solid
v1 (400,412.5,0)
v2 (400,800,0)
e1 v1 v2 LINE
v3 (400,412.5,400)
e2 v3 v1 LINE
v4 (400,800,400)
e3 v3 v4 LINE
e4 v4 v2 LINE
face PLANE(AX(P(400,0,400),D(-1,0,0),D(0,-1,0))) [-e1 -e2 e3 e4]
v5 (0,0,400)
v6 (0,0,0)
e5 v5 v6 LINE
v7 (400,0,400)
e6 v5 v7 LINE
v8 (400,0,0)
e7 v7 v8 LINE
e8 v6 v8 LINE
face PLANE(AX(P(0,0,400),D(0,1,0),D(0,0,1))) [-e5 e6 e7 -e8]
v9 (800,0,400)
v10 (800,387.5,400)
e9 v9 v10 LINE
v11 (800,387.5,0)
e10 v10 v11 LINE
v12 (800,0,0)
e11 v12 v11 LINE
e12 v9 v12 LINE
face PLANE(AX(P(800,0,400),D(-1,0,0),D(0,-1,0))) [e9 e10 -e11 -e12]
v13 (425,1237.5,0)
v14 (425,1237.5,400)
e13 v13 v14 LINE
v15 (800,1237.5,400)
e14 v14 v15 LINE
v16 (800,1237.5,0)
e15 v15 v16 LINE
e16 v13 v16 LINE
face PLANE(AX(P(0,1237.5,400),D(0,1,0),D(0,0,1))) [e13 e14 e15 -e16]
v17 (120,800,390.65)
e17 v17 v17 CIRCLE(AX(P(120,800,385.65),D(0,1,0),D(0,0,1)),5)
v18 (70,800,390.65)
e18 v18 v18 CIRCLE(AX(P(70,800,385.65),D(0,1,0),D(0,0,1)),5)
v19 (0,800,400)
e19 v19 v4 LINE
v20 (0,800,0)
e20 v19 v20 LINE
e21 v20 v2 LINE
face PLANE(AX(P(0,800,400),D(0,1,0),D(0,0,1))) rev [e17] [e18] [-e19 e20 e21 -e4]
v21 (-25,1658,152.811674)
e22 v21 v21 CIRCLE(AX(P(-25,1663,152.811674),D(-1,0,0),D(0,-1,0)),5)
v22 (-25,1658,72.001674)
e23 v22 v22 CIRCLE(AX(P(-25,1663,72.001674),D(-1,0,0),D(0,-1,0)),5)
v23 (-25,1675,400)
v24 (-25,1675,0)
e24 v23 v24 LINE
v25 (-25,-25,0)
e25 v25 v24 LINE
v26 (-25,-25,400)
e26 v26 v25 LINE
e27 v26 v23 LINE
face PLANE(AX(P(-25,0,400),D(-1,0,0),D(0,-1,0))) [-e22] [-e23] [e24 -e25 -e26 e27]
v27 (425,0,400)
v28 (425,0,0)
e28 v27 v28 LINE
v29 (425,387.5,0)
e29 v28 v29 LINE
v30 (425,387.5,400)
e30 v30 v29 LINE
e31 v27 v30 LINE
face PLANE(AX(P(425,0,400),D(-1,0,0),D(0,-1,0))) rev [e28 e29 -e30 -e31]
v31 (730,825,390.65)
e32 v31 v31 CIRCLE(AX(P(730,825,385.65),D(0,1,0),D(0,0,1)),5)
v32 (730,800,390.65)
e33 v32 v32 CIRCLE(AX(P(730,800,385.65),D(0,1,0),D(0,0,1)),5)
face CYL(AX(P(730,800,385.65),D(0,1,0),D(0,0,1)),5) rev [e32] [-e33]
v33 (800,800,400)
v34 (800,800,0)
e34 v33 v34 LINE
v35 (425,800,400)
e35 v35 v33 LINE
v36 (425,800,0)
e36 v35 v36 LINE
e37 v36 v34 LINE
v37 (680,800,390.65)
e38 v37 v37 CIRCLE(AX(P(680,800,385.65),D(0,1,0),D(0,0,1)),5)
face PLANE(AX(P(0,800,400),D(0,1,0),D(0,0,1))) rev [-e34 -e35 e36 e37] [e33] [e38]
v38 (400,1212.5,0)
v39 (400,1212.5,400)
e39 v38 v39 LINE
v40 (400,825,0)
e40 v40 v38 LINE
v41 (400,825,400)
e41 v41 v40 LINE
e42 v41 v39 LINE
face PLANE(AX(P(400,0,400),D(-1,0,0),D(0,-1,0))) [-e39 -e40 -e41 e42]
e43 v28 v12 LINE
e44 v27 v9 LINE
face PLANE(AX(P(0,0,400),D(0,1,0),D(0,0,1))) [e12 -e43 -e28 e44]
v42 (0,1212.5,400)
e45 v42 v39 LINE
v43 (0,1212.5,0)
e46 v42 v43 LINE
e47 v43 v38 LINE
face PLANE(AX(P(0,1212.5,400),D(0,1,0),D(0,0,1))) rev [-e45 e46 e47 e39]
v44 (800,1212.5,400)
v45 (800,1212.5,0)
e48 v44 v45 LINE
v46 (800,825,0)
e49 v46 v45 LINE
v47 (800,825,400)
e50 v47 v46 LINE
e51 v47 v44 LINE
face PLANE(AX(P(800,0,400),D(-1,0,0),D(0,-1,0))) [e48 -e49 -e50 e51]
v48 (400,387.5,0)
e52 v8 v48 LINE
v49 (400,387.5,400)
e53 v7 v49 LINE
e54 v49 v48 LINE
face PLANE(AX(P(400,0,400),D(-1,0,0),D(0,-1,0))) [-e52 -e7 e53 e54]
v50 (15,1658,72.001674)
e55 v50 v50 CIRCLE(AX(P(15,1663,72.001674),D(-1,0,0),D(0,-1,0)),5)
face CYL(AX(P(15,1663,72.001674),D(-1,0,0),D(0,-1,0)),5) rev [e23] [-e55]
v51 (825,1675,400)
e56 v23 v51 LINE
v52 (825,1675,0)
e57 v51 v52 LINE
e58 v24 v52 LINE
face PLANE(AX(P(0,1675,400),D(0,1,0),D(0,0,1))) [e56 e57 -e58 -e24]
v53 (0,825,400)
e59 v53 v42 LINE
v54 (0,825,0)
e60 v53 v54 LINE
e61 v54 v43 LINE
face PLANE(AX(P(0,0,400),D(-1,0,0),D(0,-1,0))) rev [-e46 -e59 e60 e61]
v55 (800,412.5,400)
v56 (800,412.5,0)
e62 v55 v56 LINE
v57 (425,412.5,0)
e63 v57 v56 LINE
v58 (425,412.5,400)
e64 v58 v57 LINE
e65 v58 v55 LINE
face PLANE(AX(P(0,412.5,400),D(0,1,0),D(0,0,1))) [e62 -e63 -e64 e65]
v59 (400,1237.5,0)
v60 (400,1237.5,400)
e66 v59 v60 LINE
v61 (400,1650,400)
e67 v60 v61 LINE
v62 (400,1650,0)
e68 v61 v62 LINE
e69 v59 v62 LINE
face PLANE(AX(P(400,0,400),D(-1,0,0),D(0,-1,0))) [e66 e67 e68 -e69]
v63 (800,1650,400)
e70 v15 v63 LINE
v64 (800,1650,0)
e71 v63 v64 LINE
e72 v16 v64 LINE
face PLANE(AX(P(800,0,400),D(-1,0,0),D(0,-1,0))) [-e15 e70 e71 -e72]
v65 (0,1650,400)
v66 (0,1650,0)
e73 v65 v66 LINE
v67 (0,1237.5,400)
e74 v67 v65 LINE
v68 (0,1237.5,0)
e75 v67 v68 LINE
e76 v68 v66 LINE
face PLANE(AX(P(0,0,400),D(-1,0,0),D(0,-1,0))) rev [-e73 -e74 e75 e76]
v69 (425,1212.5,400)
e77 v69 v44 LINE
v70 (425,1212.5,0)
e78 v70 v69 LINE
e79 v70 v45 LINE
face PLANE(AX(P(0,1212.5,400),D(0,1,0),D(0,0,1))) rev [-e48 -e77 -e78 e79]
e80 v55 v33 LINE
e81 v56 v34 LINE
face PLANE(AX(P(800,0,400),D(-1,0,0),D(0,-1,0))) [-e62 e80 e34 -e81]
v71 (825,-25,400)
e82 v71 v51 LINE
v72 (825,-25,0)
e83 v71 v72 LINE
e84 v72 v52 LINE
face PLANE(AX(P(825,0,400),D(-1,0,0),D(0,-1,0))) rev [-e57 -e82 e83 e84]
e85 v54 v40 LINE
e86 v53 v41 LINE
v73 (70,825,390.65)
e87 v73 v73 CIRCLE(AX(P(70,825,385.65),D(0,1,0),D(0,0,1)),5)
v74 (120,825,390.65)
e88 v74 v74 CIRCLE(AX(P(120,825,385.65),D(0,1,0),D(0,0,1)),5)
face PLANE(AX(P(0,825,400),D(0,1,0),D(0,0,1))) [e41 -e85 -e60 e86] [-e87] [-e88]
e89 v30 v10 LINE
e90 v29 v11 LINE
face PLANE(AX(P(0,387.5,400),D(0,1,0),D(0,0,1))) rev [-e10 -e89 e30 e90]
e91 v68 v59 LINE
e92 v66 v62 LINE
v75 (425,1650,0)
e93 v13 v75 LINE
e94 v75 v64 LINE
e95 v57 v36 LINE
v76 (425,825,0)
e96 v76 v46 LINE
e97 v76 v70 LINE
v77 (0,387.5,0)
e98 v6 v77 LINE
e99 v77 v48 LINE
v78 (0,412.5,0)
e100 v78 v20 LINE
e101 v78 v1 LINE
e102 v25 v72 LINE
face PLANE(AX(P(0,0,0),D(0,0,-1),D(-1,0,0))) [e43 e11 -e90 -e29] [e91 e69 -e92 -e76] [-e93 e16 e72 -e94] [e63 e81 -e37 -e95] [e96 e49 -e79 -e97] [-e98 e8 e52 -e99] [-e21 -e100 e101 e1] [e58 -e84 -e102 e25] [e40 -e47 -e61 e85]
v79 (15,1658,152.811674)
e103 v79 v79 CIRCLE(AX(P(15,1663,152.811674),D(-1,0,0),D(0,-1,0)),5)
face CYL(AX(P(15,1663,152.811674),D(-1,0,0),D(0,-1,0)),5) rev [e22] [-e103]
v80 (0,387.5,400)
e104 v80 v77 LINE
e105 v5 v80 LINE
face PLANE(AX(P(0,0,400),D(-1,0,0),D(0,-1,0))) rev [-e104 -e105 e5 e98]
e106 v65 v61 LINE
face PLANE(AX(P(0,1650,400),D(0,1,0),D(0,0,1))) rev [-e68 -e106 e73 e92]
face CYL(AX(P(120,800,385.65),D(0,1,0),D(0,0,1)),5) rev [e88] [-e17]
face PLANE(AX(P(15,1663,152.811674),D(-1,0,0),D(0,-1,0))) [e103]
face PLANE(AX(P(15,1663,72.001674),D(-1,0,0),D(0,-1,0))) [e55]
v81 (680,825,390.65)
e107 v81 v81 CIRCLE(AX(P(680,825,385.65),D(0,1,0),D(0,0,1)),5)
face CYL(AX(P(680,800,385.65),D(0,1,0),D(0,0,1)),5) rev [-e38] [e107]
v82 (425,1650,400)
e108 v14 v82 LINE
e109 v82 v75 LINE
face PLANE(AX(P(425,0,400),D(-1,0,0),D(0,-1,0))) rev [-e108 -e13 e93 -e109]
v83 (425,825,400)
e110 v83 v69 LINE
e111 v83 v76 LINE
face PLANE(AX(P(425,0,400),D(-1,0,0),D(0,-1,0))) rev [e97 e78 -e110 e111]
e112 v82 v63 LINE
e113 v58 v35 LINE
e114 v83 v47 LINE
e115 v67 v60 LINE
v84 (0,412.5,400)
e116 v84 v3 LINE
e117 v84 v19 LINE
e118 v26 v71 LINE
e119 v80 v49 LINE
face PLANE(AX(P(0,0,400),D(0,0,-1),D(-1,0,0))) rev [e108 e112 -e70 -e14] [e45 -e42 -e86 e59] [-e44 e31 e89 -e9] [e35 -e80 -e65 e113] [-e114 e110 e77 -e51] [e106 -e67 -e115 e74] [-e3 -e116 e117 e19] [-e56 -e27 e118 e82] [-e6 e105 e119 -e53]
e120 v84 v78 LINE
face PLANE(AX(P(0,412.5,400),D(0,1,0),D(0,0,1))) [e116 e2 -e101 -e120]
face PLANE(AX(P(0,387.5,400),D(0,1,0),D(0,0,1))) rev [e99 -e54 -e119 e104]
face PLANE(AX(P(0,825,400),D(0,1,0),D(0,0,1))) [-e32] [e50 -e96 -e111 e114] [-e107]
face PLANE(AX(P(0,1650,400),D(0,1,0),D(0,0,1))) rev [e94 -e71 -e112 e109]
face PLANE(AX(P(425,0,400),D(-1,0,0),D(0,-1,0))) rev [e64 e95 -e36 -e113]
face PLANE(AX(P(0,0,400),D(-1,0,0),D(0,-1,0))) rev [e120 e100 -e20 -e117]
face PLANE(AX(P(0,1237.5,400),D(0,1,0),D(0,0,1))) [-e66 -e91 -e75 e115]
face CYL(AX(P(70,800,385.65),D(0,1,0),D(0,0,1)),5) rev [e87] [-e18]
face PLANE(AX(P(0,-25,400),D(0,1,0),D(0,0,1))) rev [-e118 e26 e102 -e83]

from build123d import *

# Parameters (mm, degrees)
SZKIC1_W                          = 850
SZKIC1_H                          = 1700
SZKIC1_W_2                        = 800
SZKIC1_H_2                        = 1650
SZKIC1_H_3                        = 25
SZKIC1_W_3                        = 25
WYCI_GNI_CIE_CIENKA_CIANKA1_DEPTH = 400
SZKIC2_R                          = 5
WYTNIJ_WYCI_GNI_CIE1_DEPTH        = 25
SZKIC4_R                          = 5
WYTNIJ_WYCI_GNI_CIE2_DEPTH        = 25
SZKIC6_R                          = 5
WYTNIJ_WYCI_GNI_CIE3_DEPTH        = 40


with BuildPart() as part:
    # Szkic1 → Wyciągnięcie-cienka ścianka1 (new body)
    # profile 1 of 5: a face of its own
    with BuildSketch(Plane.XY):
        with Locations((400, 825)):
            Rectangle(SZKIC1_W, SZKIC1_H)
        with Locations((400, 825)):
            Rectangle(SZKIC1_W_2, SZKIC1_H_2, mode=Mode.SUBTRACT)
    # profile 2 of 5: a face of its own
    with BuildSketch(Plane.XY):
        with Locations((400, 400)):
            Rectangle(SZKIC1_W_2, SZKIC1_H_3)
    # profile 3 of 5: a face of its own
    with BuildSketch(Plane.XY):
        with Locations((412.5, 825)):
            Rectangle(SZKIC1_W_3, SZKIC1_H_2)
    # profile 4 of 5: a face of its own
    with BuildSketch(Plane.XY):
        with Locations((400, 812.5)):
            Rectangle(SZKIC1_W_2, SZKIC1_H_3)
    # profile 5 of 5: a face of its own
    with BuildSketch(Plane.XY):
        with Locations((400, 1225)):
            Rectangle(SZKIC1_W_2, SZKIC1_H_3)
    extrude(amount=WYCI_GNI_CIE_CIENKA_CIANKA1_DEPTH)

    # Szkic2 → Wytnij-wyciągnięcie1 (cut)
    with BuildSketch(Plane(origin=(0, 825, 0), x_dir=(1, 0, 0), z_dir=(0, 1, 0))):
        with Locations(Location((70, -385.65, 0), (0, 0, 270))):
            Circle(SZKIC2_R)
        with Locations(Location((120, -385.65, 0), (0, 0, 270))):
            Circle(SZKIC2_R)
    extrude(amount=-WYTNIJ_WYCI_GNI_CIE1_DEPTH, mode=Mode.SUBTRACT)

    # Szkic4 → Wytnij-wyciągnięcie2 (cut)
    with BuildSketch(Plane(origin=(0, 825, 0), x_dir=(1, 0, 0), z_dir=(0, 1, 0))):
        with Locations(Location((730, -385.65, 0), (0, 0, 270))):
            Circle(SZKIC4_R)
        with Locations(Location((680, -385.65, 0), (0, 0, 270))):
            Circle(SZKIC4_R)
    extrude(amount=-WYTNIJ_WYCI_GNI_CIE2_DEPTH, mode=Mode.SUBTRACT)

    # Szkic6 → Wytnij-wyciągnięcie3 (cut)
    with BuildSketch(Plane.ZY.offset(25)):
        with Locations(Location((72.001673976, 1663, 0), (0, 0, 270))):
            Circle(SZKIC6_R)
        with Locations(Location((152.811673976, 1663, 0), (0, 0, 270))):
            Circle(SZKIC6_R)
    extrude(amount=-WYTNIJ_WYCI_GNI_CIE3_DEPTH, mode=Mode.SUBTRACT)


solid = part.part
